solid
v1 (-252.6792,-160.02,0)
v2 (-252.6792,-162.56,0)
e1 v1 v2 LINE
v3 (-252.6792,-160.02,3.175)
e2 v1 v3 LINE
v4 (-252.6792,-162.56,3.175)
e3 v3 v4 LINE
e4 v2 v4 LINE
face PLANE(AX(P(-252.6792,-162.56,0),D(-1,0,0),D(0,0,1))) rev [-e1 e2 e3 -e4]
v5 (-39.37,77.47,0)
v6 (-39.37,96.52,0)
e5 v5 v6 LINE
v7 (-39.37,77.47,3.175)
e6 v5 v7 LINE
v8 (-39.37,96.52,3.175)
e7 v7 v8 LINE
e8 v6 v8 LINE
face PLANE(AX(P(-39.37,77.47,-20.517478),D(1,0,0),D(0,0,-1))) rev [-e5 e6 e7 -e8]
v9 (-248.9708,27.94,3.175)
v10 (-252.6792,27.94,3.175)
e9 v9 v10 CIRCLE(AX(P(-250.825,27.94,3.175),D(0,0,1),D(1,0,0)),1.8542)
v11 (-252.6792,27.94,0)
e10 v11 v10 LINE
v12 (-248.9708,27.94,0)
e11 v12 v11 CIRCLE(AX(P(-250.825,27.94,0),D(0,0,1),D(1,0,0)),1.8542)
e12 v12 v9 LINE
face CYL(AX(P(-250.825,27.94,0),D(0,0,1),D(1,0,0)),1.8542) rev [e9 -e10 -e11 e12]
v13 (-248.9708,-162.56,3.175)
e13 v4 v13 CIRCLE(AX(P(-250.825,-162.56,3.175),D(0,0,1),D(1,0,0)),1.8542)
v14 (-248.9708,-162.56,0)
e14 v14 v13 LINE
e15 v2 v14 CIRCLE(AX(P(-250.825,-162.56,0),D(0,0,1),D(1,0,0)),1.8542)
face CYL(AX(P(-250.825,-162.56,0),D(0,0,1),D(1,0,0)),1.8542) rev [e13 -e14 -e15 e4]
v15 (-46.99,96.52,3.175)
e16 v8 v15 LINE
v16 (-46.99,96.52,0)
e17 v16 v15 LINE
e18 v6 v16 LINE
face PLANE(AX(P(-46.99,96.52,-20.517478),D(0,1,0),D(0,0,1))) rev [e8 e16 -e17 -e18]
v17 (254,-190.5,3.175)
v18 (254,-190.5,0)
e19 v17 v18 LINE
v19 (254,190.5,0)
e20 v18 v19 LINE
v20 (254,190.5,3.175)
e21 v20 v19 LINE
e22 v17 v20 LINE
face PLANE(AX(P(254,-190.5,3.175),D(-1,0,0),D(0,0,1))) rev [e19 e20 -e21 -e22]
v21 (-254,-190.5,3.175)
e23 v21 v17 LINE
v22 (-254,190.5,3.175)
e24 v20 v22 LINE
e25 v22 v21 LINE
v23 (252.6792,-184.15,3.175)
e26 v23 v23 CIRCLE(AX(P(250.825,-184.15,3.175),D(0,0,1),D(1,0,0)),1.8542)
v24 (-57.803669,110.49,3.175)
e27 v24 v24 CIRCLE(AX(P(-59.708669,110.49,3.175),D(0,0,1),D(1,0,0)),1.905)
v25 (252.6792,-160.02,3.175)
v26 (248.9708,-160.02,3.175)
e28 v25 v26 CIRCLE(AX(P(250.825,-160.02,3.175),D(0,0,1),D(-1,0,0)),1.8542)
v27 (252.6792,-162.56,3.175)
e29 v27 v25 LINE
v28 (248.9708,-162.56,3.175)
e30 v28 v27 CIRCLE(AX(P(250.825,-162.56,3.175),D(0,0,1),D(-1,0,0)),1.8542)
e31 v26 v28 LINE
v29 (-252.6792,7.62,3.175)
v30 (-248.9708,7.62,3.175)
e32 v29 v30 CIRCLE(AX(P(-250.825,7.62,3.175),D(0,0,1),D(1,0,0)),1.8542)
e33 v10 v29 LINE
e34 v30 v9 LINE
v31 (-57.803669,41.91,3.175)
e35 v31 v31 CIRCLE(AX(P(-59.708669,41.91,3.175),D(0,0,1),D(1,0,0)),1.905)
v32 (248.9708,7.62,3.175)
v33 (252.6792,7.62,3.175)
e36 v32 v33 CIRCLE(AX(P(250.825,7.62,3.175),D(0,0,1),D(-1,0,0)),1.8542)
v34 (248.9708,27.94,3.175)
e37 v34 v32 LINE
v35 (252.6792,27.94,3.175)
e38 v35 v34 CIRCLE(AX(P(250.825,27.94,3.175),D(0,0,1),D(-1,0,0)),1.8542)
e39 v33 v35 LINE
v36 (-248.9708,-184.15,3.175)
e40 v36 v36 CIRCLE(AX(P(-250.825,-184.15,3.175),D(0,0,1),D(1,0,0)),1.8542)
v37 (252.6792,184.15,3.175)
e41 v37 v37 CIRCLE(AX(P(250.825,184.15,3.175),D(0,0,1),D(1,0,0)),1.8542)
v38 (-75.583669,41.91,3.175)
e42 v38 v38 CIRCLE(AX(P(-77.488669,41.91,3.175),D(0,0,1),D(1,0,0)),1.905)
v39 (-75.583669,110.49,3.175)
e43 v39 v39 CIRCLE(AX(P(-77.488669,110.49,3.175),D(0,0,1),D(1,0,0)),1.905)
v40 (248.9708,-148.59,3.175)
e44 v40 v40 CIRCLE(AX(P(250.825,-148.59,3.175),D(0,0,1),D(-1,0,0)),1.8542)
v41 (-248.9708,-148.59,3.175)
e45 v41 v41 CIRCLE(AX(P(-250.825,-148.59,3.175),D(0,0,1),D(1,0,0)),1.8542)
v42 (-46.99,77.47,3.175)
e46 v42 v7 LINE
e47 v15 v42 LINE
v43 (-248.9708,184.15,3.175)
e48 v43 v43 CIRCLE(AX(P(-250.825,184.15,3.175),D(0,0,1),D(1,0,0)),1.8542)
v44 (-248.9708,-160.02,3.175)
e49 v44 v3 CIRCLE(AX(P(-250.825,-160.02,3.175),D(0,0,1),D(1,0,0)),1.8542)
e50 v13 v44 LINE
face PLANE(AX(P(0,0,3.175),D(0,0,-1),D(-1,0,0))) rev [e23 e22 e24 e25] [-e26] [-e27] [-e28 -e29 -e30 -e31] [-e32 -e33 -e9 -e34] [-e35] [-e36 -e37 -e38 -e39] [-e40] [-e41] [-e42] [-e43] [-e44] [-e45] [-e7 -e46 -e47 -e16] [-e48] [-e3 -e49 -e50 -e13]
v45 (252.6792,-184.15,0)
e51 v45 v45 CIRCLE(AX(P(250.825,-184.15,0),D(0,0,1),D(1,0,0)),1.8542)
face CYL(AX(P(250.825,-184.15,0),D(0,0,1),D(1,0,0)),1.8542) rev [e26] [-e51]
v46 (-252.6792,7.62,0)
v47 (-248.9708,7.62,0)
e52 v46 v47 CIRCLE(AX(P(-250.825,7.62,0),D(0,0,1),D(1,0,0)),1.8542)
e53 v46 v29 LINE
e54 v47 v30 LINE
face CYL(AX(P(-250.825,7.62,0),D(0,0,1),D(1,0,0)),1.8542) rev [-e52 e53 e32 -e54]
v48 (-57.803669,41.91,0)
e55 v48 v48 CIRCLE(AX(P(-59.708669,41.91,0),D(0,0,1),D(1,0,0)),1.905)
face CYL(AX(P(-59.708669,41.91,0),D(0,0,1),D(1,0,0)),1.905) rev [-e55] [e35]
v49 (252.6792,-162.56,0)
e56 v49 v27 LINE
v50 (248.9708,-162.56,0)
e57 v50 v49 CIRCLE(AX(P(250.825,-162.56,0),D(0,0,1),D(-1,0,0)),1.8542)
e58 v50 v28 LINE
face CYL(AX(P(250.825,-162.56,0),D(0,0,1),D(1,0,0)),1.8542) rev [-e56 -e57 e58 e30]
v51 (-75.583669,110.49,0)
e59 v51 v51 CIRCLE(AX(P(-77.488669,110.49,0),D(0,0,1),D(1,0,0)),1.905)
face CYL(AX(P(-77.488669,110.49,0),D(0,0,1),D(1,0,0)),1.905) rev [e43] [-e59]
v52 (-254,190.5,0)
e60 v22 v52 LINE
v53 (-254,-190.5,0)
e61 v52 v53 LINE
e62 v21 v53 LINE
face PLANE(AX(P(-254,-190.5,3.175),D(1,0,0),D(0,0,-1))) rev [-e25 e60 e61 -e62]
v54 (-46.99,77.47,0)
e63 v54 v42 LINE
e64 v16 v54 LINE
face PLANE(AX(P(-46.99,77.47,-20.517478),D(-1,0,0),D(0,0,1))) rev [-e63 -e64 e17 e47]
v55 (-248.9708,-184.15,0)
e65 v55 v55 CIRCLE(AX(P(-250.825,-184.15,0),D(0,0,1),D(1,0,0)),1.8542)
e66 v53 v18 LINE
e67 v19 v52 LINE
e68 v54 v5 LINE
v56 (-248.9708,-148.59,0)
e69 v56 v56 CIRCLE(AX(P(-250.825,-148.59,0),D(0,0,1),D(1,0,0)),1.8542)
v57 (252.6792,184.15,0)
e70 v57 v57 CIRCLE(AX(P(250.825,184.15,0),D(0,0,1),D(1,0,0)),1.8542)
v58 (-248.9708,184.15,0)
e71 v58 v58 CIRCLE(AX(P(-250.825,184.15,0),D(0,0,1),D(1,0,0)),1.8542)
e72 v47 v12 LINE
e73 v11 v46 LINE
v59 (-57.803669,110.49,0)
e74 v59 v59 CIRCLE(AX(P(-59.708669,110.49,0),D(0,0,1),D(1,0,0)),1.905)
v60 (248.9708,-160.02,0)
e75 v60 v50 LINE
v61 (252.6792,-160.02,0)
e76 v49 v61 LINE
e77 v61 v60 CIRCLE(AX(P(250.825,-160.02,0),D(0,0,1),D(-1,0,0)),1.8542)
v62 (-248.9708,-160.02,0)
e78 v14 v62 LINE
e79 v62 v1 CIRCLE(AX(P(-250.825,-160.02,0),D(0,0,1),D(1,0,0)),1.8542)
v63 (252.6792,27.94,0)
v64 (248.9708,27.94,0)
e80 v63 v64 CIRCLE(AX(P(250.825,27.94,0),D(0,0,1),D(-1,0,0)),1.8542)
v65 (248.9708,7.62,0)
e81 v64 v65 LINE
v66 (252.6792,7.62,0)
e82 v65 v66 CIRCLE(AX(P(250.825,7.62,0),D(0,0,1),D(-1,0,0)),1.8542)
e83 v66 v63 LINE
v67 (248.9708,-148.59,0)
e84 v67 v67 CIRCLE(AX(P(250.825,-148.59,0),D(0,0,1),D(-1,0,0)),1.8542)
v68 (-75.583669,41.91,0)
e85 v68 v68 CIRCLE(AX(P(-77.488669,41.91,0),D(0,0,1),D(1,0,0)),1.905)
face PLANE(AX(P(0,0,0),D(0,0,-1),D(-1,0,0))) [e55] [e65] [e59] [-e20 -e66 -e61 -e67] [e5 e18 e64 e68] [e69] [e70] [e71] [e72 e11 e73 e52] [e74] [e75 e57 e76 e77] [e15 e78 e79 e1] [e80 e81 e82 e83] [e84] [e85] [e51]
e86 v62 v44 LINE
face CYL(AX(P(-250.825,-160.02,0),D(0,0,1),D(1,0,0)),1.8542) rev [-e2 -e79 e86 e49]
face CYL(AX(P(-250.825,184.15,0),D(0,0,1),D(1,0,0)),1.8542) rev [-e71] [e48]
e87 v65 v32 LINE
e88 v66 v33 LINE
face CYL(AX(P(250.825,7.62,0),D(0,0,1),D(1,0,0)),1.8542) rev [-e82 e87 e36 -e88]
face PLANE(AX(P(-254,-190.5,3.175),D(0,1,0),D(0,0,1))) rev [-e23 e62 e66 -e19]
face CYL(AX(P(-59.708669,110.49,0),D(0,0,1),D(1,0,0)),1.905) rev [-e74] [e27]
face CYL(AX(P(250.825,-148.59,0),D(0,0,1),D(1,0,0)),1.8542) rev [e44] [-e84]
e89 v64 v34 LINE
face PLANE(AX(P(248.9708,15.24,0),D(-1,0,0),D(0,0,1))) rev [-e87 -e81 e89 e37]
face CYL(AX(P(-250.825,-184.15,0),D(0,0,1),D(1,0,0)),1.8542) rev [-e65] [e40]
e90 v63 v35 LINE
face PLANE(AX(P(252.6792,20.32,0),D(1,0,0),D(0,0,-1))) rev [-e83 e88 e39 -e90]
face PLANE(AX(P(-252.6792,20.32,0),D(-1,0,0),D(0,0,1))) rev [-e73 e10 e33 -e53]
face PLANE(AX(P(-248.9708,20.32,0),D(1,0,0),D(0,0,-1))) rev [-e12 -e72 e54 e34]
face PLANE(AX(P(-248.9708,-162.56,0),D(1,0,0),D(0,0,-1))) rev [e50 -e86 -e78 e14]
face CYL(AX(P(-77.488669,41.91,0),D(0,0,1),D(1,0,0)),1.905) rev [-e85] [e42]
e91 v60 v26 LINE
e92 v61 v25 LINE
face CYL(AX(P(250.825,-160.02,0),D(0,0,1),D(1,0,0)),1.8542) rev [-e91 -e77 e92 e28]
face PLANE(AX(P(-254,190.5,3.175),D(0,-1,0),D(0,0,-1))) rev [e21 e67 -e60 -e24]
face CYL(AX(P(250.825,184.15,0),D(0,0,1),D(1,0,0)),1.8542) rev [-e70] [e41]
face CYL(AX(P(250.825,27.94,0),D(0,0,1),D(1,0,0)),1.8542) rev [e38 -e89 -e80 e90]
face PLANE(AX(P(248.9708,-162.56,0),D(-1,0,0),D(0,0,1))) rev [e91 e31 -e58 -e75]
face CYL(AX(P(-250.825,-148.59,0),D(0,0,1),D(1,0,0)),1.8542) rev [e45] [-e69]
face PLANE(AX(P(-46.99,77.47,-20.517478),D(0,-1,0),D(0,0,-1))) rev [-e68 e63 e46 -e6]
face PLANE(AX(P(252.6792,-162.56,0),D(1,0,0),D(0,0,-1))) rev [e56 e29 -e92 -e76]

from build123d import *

# Parameters (mm, degrees)
SKETCH1_W           = 508
SKETCH1_H           = 381
BOSS_EXTRUDE1_DEPTH = 3.175
SKETCH3_W           = 7.62
SKETCH3_H           = 19.05
CUT_EXTRUDE2_DEPTH  = 3.175
SKETCH2_R           = 1.8542
SKETCH2_R_2         = 1.905
CUT_EXTRUDE1_DEPTH  = 3.175


with BuildPart() as part:
    # Sketch1 → Boss-Extrude1 (new body)
    with BuildSketch(Plane.XY):
        Rectangle(SKETCH1_W, SKETCH1_H)
    extrude(amount=BOSS_EXTRUDE1_DEPTH)

    # Sketch3 → Cut-Extrude2 (cut)
    with BuildSketch(Plane.XY.offset(3.175)):
        with Locations((-43.18, 86.995)):
            Rectangle(SKETCH3_W, SKETCH3_H)
    extrude(amount=-CUT_EXTRUDE2_DEPTH, mode=Mode.SUBTRACT)

    # Sketch2 → Cut-Extrude1 (cut)
    with BuildSketch(Plane.XY.offset(3.175)):
        with Locations((-250.825, -184.15)):
            Circle(SKETCH2_R)
        with Locations((-250.825, 184.15)):
            Circle(SKETCH2_R)
        with Locations((250.825, 184.15)):
            Circle(SKETCH2_R)
        with Locations((250.825, -184.15)):
            Circle(SKETCH2_R)
        with Locations((-250.825, -148.59)):
            Circle(SKETCH2_R)
        with Locations(Location((250.825, -148.59, 0), (0, 0, 180))):
            Circle(SKETCH2_R)
        with Locations((-77.488669, 110.49)):
            Circle(SKETCH2_R_2)
        with Locations((-77.488669, 41.91)):
            Circle(SKETCH2_R_2)
        with Locations((-59.708669, 110.49)):
            Circle(SKETCH2_R_2)
        with Locations((-59.708669, 41.91)):
            Circle(SKETCH2_R_2)
        with BuildLine():
            Line((-252.6792, 20.32), (-252.6792, 27.94))
            ThreePointArc((-252.6792, 27.94), (-250.825, 29.7942), (-248.9708, 27.94))
            Line((-248.9708, 27.94), (-248.9708, 20.32))
            Line((-248.9708, 20.32), (-248.9708, 15.24))
            Line((-248.9708, 15.24), (-248.9708, 7.62))
            ThreePointArc((-248.9708, 7.62), (-250.825, 5.7658), (-252.6792, 7.62))
            Line((-252.6792, 7.62), (-252.6792, 15.24))
            Line((-252.6792, 15.24), (-252.6792, 20.32))
        make_face()
        with BuildLine():
            Line((248.9708, 20.32), (248.9708, 27.94))
            ThreePointArc((248.9708, 27.94), (250.825, 29.7942), (252.6792, 27.94))
            Line((252.6792, 27.94), (252.6792, 20.32))
            Line((252.6792, 20.32), (252.6792, 15.24))
            Line((252.6792, 15.24), (252.6792, 7.62))
            ThreePointArc((252.6792, 7.62), (250.825, 5.7658), (248.9708, 7.62))
            Line((248.9708, 7.62), (248.9708, 15.24))
            Line((248.9708, 15.24), (248.9708, 20.32))
        make_face()
        with BuildLine():
            Line((-252.6792, -162.56), (-252.6792, -160.02))
            ThreePointArc((-252.6792, -160.02), (-250.825, -158.1658), (-248.9708, -160.02))
            Line((-248.9708, -160.02), (-248.9708, -162.56))
            ThreePointArc((-248.9708, -162.56), (-250.825, -164.4142), (-252.6792, -162.56))
        make_face()
        with BuildLine():
            Line((252.6792, -162.56), (252.6792, -160.02))
            ThreePointArc((252.6792, -160.02), (250.825, -158.1658), (248.9708, -160.02))
            Line((248.9708, -160.02), (248.9708, -162.56))
            ThreePointArc((248.9708, -162.56), (250.825, -164.4142), (252.6792, -162.56))
        make_face()
    extrude(amount=-CUT_EXTRUDE1_DEPTH, mode=Mode.SUBTRACT)


solid = part.part
